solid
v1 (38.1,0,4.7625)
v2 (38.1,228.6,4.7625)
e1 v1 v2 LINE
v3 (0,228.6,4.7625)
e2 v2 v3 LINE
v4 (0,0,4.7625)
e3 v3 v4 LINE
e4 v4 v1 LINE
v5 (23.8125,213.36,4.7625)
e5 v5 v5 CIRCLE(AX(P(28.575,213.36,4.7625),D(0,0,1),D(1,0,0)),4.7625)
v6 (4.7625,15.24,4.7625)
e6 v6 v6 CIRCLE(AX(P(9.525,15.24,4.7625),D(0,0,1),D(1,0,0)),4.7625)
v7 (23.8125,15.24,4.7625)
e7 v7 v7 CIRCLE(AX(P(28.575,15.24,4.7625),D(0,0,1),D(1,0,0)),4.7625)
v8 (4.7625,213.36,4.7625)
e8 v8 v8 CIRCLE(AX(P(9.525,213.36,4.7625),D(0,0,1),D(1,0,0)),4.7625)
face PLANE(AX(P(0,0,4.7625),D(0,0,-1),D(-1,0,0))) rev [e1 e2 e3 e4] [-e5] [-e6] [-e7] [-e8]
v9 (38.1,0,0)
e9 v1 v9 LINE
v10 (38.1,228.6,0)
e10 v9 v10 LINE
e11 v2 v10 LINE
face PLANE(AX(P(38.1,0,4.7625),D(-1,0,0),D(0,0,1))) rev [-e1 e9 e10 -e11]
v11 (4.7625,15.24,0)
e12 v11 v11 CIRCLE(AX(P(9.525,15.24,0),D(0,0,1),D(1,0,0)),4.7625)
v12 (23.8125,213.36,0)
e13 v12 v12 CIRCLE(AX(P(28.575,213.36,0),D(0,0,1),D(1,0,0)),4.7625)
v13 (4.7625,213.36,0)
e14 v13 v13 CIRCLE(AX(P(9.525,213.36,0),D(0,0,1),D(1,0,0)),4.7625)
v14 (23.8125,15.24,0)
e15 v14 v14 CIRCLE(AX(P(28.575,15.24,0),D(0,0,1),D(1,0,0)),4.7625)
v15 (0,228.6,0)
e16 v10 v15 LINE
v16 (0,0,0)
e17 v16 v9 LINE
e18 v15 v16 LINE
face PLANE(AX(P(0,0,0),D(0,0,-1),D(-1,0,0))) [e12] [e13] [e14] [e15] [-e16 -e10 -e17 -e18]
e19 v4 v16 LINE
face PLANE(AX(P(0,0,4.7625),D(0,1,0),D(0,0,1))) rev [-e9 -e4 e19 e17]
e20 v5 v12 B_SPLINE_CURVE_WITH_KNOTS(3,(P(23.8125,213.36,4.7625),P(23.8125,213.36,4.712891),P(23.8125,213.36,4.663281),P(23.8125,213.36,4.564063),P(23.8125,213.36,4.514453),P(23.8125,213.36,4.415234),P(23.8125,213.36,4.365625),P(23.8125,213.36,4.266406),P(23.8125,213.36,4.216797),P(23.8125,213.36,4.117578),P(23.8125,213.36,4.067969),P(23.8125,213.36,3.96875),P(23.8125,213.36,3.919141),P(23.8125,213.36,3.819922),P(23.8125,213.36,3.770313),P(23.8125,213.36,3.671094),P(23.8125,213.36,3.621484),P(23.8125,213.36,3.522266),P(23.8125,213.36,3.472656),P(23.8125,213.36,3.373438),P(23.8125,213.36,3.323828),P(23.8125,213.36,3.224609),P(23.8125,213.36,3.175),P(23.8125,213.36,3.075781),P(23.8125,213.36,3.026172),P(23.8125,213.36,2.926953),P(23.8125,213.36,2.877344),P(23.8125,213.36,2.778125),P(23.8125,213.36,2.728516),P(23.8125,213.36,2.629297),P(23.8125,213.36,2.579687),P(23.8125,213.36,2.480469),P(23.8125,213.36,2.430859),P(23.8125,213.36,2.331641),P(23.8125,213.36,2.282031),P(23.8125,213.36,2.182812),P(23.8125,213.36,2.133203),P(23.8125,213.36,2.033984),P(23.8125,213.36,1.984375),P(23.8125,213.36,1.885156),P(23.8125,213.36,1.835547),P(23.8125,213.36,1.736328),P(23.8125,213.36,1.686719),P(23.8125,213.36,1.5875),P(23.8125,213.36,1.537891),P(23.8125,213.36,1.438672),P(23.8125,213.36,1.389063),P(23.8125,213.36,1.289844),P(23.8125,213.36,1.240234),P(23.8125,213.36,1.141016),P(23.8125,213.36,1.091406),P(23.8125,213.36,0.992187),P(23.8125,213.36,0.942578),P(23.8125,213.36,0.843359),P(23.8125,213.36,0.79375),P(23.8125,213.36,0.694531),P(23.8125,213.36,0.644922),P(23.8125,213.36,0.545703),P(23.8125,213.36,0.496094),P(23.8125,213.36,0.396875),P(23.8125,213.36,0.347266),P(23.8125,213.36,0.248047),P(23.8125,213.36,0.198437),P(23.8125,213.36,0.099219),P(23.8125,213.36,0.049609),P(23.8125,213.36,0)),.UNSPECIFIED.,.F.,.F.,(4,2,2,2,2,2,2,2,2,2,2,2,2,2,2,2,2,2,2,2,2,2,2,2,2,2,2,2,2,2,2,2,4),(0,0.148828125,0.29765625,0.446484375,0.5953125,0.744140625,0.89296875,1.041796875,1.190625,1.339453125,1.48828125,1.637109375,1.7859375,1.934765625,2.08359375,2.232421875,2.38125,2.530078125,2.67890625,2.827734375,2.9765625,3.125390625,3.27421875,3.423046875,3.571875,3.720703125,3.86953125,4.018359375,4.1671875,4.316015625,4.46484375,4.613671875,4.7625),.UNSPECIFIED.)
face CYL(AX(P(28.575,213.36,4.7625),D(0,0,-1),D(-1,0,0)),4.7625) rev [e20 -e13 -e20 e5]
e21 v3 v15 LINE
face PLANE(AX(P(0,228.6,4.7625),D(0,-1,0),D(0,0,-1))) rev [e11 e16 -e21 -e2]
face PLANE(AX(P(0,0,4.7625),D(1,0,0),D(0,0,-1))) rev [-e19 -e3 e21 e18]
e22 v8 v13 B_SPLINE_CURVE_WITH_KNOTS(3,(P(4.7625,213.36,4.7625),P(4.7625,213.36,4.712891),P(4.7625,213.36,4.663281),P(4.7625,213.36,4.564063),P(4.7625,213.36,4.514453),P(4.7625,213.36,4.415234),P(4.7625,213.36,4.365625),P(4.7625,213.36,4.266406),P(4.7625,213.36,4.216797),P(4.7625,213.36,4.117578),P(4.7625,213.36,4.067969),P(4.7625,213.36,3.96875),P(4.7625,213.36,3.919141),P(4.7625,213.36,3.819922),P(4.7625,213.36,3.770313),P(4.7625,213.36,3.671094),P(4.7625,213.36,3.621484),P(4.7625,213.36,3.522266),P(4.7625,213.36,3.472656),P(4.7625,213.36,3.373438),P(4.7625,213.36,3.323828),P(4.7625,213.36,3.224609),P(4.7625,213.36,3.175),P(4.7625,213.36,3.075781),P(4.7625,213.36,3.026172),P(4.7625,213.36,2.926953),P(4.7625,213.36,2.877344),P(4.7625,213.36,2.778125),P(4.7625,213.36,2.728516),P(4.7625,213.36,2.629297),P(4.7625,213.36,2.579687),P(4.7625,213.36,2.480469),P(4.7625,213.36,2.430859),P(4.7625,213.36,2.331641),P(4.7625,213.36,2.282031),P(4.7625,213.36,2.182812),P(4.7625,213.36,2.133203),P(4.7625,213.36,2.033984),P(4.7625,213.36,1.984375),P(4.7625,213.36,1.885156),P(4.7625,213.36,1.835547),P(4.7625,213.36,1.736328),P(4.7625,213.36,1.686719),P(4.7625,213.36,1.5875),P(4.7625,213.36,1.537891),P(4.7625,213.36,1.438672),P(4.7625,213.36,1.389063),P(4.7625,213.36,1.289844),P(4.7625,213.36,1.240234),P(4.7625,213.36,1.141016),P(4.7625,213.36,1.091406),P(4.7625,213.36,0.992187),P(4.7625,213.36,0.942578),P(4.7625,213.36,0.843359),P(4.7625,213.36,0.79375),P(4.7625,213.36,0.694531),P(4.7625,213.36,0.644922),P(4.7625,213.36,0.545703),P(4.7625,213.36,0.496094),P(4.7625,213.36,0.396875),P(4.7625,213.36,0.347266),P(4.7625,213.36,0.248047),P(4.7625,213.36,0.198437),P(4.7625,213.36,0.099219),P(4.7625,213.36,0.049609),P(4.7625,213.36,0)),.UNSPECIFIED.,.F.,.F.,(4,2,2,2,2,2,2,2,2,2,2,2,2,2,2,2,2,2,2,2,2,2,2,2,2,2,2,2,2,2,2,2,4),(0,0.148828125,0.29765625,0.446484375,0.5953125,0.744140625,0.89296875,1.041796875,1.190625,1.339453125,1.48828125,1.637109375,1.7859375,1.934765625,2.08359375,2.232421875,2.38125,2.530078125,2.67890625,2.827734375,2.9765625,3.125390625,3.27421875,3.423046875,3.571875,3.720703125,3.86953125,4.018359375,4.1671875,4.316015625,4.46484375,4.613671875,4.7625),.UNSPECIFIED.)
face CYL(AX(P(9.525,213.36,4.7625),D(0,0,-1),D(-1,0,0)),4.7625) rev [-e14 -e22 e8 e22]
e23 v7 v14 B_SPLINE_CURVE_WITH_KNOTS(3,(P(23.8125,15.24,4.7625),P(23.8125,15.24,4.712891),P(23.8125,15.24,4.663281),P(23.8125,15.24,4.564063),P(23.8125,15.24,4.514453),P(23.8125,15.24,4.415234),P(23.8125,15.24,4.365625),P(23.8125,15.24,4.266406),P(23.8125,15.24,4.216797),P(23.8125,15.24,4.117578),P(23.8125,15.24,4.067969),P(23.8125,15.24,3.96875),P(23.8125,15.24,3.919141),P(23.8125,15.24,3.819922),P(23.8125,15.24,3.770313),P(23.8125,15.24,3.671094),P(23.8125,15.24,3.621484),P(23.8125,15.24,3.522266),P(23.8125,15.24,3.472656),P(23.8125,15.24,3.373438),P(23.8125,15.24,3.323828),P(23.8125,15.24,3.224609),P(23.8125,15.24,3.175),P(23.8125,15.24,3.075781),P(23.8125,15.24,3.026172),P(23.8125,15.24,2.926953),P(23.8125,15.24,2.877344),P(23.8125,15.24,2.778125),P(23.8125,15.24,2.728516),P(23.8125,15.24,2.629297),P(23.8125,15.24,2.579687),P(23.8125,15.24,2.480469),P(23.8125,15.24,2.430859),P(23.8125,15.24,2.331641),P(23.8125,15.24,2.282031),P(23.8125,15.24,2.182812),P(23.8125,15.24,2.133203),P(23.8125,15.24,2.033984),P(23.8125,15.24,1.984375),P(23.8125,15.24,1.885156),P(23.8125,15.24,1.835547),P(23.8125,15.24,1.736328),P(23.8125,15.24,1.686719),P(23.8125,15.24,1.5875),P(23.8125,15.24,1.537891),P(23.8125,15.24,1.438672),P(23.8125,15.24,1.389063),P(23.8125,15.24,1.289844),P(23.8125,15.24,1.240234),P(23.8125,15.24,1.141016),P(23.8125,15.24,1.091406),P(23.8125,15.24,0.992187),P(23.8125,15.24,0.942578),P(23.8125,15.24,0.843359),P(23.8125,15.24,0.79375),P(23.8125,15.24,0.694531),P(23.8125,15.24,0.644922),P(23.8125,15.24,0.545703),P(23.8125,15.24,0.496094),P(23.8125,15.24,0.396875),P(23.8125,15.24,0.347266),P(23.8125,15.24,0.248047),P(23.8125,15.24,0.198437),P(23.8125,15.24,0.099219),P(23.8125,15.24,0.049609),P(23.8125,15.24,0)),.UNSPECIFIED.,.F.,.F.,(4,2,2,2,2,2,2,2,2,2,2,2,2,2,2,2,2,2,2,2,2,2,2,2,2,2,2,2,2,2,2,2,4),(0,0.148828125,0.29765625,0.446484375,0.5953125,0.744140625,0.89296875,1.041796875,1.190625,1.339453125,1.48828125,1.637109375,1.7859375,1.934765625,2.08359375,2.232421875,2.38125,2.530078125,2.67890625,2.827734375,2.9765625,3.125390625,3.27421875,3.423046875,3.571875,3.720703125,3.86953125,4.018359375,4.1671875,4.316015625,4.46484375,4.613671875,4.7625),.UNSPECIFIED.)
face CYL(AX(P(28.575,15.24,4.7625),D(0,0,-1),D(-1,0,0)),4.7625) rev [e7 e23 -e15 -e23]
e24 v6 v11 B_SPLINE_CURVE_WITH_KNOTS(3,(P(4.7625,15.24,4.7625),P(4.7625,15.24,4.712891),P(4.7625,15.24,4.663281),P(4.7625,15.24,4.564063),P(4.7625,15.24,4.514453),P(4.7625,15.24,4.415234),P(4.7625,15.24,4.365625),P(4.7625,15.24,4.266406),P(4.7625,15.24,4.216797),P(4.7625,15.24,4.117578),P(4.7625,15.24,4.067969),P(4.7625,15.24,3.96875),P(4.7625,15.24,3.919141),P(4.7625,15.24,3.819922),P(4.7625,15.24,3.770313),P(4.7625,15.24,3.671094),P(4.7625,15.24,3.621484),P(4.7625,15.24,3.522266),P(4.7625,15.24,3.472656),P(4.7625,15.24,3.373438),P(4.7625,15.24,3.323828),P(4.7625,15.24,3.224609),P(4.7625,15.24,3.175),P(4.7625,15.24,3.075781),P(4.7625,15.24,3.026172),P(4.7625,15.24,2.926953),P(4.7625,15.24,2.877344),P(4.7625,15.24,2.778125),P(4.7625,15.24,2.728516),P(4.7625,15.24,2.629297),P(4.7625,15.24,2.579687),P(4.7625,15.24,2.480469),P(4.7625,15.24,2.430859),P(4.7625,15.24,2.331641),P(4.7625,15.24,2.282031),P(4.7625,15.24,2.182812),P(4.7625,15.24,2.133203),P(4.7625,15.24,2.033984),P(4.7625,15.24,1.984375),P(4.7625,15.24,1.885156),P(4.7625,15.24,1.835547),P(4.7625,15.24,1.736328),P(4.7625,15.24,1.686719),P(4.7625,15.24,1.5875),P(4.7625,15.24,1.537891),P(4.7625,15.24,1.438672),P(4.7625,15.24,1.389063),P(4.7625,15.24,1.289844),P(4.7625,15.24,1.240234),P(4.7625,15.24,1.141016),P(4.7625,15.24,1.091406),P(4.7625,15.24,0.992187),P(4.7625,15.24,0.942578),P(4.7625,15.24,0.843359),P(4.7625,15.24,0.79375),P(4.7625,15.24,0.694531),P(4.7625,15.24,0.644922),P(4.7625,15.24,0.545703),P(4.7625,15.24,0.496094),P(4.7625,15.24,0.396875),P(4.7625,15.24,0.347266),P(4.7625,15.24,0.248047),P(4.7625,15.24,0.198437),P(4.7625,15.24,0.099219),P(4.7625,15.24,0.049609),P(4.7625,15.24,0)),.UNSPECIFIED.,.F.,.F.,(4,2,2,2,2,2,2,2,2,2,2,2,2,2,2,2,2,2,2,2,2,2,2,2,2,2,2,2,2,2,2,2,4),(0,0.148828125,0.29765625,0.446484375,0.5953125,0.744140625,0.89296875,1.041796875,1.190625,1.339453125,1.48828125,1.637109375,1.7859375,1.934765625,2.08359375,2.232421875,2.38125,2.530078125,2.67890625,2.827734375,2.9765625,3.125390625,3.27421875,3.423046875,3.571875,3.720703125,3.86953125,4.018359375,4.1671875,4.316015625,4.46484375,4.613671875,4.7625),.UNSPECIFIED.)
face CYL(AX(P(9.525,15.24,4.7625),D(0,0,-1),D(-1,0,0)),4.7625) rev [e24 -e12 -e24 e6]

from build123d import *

# Parameters (mm, degrees)
SKETCH1_W           = 38.1
SKETCH1_H           = 228.6
SKETCH1_R           = 4.7625
BOSS_EXTRUDE1_DEPTH = 4.7625


with BuildPart() as part:
    # Sketch1 → Boss-Extrude1 (new body)
    with BuildSketch(Plane.XY):
        with Locations((19.05, 114.3)):
            Rectangle(SKETCH1_W, SKETCH1_H)
        with Locations(Location((9.525, 15.24, 0), (0, 0, 180))):
            Circle(SKETCH1_R, mode=Mode.SUBTRACT)
        with Locations(Location((28.575, 15.24, 0), (0, 0, 180))):
            Circle(SKETCH1_R, mode=Mode.SUBTRACT)
        with Locations(Location((9.525, 213.36, 0), (0, 0, 180))):
            Circle(SKETCH1_R, mode=Mode.SUBTRACT)
        with Locations(Location((28.575, 213.36, 0), (0, 0, 180))):
            Circle(SKETCH1_R, mode=Mode.SUBTRACT)
    extrude(amount=BOSS_EXTRUDE1_DEPTH)


solid = part.part
